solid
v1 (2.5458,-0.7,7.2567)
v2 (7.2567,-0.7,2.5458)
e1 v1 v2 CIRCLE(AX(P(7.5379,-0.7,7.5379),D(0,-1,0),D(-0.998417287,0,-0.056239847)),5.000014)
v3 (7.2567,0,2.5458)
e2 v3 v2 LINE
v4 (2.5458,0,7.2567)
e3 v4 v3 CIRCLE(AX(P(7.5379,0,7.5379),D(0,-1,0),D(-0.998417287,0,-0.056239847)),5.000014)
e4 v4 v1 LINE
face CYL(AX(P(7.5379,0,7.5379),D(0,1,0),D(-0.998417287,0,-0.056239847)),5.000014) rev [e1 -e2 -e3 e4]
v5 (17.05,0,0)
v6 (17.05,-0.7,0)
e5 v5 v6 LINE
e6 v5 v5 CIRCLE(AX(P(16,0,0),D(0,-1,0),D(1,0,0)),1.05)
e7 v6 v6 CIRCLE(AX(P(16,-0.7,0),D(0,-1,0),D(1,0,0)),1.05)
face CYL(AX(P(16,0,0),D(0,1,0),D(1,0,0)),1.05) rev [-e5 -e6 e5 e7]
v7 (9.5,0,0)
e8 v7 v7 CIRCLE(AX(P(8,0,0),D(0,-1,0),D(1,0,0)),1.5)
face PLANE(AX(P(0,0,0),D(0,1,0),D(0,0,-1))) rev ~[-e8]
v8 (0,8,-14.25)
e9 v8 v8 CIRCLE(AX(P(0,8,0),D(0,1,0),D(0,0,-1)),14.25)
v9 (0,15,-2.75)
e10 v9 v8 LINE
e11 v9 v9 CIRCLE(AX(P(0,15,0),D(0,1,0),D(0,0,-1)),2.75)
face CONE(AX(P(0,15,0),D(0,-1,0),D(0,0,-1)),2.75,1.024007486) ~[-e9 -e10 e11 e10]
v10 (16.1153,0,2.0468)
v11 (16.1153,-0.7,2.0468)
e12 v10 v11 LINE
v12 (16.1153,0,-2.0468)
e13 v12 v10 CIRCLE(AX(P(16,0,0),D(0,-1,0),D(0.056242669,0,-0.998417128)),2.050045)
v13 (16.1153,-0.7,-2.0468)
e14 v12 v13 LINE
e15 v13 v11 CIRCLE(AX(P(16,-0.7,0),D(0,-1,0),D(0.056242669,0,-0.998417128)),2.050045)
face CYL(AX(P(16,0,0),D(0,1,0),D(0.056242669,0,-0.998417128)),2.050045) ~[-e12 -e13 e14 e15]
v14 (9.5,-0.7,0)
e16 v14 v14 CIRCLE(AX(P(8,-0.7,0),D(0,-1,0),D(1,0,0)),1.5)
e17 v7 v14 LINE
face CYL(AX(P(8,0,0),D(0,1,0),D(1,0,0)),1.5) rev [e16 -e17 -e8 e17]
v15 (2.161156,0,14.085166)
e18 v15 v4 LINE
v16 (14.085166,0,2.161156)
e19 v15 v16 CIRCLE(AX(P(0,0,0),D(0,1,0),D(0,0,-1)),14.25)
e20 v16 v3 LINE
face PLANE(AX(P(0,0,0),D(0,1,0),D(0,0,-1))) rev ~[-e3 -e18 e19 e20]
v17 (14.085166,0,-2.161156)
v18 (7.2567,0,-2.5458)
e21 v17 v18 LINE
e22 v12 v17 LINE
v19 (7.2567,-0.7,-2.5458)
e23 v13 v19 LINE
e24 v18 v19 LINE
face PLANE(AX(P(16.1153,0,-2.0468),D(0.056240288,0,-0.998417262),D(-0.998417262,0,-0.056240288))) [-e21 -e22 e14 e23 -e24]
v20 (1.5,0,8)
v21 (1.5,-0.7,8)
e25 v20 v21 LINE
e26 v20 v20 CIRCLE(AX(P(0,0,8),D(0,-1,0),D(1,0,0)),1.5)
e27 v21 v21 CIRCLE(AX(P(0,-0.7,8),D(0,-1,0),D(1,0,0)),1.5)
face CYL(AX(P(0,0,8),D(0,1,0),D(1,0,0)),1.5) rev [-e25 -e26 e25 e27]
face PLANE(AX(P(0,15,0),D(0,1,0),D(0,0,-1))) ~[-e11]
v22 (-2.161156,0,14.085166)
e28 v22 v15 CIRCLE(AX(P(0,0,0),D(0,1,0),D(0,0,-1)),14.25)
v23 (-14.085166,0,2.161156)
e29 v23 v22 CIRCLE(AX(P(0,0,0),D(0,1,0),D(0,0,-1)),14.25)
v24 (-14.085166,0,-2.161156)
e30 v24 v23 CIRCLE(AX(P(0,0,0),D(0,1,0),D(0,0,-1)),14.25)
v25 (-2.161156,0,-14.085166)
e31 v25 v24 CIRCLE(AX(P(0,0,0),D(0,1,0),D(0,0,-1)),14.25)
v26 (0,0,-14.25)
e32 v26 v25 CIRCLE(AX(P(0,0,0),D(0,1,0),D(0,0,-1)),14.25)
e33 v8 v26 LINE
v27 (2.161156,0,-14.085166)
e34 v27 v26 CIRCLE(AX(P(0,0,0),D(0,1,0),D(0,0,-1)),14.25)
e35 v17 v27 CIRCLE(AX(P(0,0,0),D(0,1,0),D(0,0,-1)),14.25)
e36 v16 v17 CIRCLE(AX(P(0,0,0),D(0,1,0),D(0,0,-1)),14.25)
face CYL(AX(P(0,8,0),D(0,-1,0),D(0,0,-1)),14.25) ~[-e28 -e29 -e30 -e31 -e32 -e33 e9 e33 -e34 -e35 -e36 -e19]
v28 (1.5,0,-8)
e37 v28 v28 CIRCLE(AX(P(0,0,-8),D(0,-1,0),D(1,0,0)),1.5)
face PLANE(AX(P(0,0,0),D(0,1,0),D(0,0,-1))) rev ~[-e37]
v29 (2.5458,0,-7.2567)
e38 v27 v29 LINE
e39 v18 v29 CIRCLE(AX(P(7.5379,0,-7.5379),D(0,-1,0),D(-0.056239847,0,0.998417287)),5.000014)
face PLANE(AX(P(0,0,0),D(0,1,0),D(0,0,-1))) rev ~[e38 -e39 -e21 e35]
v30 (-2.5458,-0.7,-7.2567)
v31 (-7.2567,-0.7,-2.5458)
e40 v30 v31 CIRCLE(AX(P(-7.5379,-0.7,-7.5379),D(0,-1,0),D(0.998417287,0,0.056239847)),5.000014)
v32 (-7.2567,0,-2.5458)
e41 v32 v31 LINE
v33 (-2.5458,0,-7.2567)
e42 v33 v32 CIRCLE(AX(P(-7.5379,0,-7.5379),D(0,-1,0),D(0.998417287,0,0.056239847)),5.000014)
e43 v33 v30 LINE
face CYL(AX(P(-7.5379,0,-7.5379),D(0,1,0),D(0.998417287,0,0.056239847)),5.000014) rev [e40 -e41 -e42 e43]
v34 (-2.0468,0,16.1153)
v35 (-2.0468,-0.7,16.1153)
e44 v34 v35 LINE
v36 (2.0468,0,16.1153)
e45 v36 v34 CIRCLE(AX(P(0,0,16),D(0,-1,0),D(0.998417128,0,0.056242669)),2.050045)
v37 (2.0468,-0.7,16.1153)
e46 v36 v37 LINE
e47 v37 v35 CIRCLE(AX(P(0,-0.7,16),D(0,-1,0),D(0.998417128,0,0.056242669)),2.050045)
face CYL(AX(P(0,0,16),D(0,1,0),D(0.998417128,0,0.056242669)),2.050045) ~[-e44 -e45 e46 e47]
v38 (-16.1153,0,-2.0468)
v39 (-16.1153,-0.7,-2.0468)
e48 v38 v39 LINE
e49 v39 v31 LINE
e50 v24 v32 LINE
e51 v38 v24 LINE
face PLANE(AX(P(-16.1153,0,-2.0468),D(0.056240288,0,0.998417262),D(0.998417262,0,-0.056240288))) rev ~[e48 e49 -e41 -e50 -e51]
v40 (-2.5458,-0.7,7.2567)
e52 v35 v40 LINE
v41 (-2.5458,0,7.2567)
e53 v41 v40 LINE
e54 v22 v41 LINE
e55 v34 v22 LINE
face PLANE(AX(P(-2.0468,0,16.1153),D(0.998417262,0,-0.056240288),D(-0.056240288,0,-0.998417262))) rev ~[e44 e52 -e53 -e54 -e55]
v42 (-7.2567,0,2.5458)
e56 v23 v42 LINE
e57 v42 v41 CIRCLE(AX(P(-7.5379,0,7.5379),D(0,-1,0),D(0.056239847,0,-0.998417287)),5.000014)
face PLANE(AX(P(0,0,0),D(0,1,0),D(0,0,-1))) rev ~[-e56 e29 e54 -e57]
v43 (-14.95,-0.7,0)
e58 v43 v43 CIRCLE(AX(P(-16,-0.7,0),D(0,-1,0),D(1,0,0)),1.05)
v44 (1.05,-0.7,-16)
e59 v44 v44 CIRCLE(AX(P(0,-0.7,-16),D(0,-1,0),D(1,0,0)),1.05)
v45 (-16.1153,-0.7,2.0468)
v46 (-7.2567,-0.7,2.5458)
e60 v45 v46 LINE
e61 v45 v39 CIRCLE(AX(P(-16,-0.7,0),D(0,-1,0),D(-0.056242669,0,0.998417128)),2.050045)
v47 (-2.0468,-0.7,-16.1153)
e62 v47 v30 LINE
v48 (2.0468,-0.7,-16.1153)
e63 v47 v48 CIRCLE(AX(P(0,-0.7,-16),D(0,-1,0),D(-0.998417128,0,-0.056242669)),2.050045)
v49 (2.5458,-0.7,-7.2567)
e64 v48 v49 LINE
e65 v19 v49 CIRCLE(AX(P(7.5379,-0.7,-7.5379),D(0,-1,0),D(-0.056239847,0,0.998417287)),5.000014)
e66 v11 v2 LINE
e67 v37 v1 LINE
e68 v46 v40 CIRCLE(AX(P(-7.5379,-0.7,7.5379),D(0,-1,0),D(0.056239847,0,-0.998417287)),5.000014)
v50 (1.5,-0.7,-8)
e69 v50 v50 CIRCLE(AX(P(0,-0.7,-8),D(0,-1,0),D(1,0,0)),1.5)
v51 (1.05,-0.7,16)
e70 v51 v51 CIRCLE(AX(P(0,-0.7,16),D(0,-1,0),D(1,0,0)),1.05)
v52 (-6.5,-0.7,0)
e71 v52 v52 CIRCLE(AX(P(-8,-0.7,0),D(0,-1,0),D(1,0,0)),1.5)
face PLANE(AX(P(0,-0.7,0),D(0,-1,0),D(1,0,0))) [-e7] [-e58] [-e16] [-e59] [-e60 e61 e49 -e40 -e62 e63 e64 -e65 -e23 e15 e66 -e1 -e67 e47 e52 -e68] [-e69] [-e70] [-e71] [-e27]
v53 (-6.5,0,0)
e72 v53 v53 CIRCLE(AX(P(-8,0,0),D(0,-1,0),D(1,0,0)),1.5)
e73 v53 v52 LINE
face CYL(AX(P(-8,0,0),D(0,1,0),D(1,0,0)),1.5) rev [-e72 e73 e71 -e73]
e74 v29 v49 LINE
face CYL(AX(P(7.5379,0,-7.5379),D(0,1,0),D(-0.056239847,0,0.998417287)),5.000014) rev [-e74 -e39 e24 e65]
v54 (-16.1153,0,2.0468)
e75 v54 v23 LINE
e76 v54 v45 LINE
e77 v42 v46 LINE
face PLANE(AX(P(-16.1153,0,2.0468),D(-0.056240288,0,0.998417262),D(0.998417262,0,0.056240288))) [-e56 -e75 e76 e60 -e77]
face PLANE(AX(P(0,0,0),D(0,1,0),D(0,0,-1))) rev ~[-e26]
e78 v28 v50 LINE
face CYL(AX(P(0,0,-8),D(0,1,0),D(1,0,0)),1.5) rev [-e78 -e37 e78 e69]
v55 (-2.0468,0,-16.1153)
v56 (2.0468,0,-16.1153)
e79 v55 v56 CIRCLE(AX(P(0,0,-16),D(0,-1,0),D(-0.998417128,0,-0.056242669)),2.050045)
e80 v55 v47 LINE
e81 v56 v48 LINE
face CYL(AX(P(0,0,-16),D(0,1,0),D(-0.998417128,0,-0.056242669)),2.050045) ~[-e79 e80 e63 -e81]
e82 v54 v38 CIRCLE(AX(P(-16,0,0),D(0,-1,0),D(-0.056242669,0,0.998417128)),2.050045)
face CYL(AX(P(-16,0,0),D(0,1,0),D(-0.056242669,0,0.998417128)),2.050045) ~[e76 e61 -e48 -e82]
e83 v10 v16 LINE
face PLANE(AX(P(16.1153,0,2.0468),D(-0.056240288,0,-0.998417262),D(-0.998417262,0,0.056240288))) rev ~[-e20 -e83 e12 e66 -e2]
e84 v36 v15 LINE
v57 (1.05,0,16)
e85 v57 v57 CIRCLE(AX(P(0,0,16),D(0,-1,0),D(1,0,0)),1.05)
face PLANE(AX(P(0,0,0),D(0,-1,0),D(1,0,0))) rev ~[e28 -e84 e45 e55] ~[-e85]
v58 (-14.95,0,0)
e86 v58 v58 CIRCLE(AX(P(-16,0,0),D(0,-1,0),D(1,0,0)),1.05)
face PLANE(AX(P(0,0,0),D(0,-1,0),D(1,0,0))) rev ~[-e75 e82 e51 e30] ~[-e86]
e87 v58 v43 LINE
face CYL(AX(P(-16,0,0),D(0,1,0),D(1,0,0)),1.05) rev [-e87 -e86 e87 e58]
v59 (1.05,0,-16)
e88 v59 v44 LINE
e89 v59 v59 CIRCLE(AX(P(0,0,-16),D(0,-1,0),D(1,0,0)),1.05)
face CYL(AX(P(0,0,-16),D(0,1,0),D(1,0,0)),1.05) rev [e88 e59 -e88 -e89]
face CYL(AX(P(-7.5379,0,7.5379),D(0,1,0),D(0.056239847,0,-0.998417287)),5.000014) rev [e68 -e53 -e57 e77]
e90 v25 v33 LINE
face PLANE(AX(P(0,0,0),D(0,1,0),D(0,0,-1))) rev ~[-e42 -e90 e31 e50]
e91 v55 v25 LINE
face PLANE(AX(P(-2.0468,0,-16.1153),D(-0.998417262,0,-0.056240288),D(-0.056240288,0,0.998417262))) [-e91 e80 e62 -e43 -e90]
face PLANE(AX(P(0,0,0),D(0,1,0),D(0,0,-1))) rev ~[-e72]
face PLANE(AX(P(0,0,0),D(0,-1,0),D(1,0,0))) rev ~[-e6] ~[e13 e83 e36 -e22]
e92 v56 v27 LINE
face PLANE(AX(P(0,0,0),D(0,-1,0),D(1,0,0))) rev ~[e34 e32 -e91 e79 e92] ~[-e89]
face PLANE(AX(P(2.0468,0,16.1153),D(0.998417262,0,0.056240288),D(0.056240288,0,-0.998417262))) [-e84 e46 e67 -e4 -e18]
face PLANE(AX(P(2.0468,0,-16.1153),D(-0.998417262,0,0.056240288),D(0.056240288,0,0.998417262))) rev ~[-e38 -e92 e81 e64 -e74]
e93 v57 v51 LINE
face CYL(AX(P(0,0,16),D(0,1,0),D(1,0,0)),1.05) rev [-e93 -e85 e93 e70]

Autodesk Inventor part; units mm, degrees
ref_plane "YZ Plane" through (0, 0, 0) normal (1, 0, 0) x (0, 1, 0)
ref_plane "XZ Plane" through (0, 0, 0) normal (0, 1, 0) x (-1, 0, 0)
ref_plane "XY Plane" through (0, 0, 0) normal (0, 0, 1) x (1, 0, 0)
sketch "スケッチ1" plane through (0, 0, 0) normal (1, 0, 0) x (0, 1, 0)
  line L0 (0, 0) -> (15, 0)
  line L1 (15, 0) -> (15, -2.75)
  line L2 (15, -2.75) -> (8, -14.25)
  line L3 (8, -14.25) -> (0, -14.25)
  line L4 (0, -14.25) -> (0, 0)
  dimension "d0" = 14.25
  dimension "d1" = 15
  dimension "d2" = 2.75
  dimension "d3" = 8
revolve "回転1" add sketch "スケッチ1" angle 360 about axis through (0, 0, 0) along (0, 1, 0)
sketch "スケッチ2" plane through (0, 0, 0) normal (0, -1, 0) x (1, 0, 0)
  circle A0 centre (0, 16) radius 1.05
  circle A1 centre (0, 8) radius 1.5
  arc A2 (2.0468, 16.1153) -> (-2.0468, 16.1153) centre (0, 16) ccw
  line L0 (2.0468, 16.1153) -> (2.5458, 7.2567)
  line L1 (-2.0468, 16.1153) -> (-2.5458, 7.2567)
  circle A3 centre (0, 0) radius 14.25 construction
  circle A4 centre (0, 8) radius 2.5 construction
  arc A5 (2.5458, 7.2567) -> (7.2567, 2.5458) centre (7.5379, 7.5379) ccw
  circle A6 centre (-16, 0) radius 1.05
  circle A7 centre (-8, 0) radius 1.5
  arc A8 (-16.1153, 2.0468) -> (-16.1153, -2.0468) centre (-16, 0) ccw
  line L2 (-16.1153, 2.0468) -> (-7.2567, 2.5458)
  line L3 (-16.1153, -2.0468) -> (-7.2567, -2.5458)
  circle A9 centre (-8, 0) radius 2.5 construction
  arc A10 (-7.2567, 2.5458) -> (-2.5458, 7.2567) centre (-7.5379, 7.5379) ccw
  circle A11 centre (0, -16) radius 1.05
  circle A12 centre (0, -8) radius 1.5
  arc A13 (-2.0468, -16.1153) -> (2.0468, -16.1153) centre (0, -16) ccw
  line L4 (-2.0468, -16.1153) -> (-2.5458, -7.2567)
  line L5 (2.0468, -16.1153) -> (2.5458, -7.2567)
  circle A14 centre (0, -8) radius 2.5 construction
  arc A15 (-2.5458, -7.2567) -> (-7.2567, -2.5458) centre (-7.5379, -7.5379) ccw
  circle A16 centre (16, 0) radius 1.05
  circle A17 centre (8, 0) radius 1.5
  arc A18 (16.1153, -2.0468) -> (16.1153, 2.0468) centre (16, 0) ccw
  line L6 (16.1153, -2.0468) -> (7.2567, -2.5458)
  line L7 (16.1153, 2.0468) -> (7.2567, 2.5458)
  circle A19 centre (8, 0) radius 2.5 construction
  arc A20 (7.2567, -2.5458) -> (2.5458, -7.2567) centre (7.5379, -7.5379) ccw
  point P0 (7.2567, 2.5458)
  dimension "d5" = 2.1
  dimension "d6" = 3
  dimension "d7" = 16
  dimension "d8" = 1
  dimension "d9" = 1
  dimension "d10" = 5
  dimension "d13" = 360
  dimension "d15" = 8
extrude "押し出し1" add sketch "スケッチ2" along normal blind 0.7
properties part number "MainMotor._Newipt"
